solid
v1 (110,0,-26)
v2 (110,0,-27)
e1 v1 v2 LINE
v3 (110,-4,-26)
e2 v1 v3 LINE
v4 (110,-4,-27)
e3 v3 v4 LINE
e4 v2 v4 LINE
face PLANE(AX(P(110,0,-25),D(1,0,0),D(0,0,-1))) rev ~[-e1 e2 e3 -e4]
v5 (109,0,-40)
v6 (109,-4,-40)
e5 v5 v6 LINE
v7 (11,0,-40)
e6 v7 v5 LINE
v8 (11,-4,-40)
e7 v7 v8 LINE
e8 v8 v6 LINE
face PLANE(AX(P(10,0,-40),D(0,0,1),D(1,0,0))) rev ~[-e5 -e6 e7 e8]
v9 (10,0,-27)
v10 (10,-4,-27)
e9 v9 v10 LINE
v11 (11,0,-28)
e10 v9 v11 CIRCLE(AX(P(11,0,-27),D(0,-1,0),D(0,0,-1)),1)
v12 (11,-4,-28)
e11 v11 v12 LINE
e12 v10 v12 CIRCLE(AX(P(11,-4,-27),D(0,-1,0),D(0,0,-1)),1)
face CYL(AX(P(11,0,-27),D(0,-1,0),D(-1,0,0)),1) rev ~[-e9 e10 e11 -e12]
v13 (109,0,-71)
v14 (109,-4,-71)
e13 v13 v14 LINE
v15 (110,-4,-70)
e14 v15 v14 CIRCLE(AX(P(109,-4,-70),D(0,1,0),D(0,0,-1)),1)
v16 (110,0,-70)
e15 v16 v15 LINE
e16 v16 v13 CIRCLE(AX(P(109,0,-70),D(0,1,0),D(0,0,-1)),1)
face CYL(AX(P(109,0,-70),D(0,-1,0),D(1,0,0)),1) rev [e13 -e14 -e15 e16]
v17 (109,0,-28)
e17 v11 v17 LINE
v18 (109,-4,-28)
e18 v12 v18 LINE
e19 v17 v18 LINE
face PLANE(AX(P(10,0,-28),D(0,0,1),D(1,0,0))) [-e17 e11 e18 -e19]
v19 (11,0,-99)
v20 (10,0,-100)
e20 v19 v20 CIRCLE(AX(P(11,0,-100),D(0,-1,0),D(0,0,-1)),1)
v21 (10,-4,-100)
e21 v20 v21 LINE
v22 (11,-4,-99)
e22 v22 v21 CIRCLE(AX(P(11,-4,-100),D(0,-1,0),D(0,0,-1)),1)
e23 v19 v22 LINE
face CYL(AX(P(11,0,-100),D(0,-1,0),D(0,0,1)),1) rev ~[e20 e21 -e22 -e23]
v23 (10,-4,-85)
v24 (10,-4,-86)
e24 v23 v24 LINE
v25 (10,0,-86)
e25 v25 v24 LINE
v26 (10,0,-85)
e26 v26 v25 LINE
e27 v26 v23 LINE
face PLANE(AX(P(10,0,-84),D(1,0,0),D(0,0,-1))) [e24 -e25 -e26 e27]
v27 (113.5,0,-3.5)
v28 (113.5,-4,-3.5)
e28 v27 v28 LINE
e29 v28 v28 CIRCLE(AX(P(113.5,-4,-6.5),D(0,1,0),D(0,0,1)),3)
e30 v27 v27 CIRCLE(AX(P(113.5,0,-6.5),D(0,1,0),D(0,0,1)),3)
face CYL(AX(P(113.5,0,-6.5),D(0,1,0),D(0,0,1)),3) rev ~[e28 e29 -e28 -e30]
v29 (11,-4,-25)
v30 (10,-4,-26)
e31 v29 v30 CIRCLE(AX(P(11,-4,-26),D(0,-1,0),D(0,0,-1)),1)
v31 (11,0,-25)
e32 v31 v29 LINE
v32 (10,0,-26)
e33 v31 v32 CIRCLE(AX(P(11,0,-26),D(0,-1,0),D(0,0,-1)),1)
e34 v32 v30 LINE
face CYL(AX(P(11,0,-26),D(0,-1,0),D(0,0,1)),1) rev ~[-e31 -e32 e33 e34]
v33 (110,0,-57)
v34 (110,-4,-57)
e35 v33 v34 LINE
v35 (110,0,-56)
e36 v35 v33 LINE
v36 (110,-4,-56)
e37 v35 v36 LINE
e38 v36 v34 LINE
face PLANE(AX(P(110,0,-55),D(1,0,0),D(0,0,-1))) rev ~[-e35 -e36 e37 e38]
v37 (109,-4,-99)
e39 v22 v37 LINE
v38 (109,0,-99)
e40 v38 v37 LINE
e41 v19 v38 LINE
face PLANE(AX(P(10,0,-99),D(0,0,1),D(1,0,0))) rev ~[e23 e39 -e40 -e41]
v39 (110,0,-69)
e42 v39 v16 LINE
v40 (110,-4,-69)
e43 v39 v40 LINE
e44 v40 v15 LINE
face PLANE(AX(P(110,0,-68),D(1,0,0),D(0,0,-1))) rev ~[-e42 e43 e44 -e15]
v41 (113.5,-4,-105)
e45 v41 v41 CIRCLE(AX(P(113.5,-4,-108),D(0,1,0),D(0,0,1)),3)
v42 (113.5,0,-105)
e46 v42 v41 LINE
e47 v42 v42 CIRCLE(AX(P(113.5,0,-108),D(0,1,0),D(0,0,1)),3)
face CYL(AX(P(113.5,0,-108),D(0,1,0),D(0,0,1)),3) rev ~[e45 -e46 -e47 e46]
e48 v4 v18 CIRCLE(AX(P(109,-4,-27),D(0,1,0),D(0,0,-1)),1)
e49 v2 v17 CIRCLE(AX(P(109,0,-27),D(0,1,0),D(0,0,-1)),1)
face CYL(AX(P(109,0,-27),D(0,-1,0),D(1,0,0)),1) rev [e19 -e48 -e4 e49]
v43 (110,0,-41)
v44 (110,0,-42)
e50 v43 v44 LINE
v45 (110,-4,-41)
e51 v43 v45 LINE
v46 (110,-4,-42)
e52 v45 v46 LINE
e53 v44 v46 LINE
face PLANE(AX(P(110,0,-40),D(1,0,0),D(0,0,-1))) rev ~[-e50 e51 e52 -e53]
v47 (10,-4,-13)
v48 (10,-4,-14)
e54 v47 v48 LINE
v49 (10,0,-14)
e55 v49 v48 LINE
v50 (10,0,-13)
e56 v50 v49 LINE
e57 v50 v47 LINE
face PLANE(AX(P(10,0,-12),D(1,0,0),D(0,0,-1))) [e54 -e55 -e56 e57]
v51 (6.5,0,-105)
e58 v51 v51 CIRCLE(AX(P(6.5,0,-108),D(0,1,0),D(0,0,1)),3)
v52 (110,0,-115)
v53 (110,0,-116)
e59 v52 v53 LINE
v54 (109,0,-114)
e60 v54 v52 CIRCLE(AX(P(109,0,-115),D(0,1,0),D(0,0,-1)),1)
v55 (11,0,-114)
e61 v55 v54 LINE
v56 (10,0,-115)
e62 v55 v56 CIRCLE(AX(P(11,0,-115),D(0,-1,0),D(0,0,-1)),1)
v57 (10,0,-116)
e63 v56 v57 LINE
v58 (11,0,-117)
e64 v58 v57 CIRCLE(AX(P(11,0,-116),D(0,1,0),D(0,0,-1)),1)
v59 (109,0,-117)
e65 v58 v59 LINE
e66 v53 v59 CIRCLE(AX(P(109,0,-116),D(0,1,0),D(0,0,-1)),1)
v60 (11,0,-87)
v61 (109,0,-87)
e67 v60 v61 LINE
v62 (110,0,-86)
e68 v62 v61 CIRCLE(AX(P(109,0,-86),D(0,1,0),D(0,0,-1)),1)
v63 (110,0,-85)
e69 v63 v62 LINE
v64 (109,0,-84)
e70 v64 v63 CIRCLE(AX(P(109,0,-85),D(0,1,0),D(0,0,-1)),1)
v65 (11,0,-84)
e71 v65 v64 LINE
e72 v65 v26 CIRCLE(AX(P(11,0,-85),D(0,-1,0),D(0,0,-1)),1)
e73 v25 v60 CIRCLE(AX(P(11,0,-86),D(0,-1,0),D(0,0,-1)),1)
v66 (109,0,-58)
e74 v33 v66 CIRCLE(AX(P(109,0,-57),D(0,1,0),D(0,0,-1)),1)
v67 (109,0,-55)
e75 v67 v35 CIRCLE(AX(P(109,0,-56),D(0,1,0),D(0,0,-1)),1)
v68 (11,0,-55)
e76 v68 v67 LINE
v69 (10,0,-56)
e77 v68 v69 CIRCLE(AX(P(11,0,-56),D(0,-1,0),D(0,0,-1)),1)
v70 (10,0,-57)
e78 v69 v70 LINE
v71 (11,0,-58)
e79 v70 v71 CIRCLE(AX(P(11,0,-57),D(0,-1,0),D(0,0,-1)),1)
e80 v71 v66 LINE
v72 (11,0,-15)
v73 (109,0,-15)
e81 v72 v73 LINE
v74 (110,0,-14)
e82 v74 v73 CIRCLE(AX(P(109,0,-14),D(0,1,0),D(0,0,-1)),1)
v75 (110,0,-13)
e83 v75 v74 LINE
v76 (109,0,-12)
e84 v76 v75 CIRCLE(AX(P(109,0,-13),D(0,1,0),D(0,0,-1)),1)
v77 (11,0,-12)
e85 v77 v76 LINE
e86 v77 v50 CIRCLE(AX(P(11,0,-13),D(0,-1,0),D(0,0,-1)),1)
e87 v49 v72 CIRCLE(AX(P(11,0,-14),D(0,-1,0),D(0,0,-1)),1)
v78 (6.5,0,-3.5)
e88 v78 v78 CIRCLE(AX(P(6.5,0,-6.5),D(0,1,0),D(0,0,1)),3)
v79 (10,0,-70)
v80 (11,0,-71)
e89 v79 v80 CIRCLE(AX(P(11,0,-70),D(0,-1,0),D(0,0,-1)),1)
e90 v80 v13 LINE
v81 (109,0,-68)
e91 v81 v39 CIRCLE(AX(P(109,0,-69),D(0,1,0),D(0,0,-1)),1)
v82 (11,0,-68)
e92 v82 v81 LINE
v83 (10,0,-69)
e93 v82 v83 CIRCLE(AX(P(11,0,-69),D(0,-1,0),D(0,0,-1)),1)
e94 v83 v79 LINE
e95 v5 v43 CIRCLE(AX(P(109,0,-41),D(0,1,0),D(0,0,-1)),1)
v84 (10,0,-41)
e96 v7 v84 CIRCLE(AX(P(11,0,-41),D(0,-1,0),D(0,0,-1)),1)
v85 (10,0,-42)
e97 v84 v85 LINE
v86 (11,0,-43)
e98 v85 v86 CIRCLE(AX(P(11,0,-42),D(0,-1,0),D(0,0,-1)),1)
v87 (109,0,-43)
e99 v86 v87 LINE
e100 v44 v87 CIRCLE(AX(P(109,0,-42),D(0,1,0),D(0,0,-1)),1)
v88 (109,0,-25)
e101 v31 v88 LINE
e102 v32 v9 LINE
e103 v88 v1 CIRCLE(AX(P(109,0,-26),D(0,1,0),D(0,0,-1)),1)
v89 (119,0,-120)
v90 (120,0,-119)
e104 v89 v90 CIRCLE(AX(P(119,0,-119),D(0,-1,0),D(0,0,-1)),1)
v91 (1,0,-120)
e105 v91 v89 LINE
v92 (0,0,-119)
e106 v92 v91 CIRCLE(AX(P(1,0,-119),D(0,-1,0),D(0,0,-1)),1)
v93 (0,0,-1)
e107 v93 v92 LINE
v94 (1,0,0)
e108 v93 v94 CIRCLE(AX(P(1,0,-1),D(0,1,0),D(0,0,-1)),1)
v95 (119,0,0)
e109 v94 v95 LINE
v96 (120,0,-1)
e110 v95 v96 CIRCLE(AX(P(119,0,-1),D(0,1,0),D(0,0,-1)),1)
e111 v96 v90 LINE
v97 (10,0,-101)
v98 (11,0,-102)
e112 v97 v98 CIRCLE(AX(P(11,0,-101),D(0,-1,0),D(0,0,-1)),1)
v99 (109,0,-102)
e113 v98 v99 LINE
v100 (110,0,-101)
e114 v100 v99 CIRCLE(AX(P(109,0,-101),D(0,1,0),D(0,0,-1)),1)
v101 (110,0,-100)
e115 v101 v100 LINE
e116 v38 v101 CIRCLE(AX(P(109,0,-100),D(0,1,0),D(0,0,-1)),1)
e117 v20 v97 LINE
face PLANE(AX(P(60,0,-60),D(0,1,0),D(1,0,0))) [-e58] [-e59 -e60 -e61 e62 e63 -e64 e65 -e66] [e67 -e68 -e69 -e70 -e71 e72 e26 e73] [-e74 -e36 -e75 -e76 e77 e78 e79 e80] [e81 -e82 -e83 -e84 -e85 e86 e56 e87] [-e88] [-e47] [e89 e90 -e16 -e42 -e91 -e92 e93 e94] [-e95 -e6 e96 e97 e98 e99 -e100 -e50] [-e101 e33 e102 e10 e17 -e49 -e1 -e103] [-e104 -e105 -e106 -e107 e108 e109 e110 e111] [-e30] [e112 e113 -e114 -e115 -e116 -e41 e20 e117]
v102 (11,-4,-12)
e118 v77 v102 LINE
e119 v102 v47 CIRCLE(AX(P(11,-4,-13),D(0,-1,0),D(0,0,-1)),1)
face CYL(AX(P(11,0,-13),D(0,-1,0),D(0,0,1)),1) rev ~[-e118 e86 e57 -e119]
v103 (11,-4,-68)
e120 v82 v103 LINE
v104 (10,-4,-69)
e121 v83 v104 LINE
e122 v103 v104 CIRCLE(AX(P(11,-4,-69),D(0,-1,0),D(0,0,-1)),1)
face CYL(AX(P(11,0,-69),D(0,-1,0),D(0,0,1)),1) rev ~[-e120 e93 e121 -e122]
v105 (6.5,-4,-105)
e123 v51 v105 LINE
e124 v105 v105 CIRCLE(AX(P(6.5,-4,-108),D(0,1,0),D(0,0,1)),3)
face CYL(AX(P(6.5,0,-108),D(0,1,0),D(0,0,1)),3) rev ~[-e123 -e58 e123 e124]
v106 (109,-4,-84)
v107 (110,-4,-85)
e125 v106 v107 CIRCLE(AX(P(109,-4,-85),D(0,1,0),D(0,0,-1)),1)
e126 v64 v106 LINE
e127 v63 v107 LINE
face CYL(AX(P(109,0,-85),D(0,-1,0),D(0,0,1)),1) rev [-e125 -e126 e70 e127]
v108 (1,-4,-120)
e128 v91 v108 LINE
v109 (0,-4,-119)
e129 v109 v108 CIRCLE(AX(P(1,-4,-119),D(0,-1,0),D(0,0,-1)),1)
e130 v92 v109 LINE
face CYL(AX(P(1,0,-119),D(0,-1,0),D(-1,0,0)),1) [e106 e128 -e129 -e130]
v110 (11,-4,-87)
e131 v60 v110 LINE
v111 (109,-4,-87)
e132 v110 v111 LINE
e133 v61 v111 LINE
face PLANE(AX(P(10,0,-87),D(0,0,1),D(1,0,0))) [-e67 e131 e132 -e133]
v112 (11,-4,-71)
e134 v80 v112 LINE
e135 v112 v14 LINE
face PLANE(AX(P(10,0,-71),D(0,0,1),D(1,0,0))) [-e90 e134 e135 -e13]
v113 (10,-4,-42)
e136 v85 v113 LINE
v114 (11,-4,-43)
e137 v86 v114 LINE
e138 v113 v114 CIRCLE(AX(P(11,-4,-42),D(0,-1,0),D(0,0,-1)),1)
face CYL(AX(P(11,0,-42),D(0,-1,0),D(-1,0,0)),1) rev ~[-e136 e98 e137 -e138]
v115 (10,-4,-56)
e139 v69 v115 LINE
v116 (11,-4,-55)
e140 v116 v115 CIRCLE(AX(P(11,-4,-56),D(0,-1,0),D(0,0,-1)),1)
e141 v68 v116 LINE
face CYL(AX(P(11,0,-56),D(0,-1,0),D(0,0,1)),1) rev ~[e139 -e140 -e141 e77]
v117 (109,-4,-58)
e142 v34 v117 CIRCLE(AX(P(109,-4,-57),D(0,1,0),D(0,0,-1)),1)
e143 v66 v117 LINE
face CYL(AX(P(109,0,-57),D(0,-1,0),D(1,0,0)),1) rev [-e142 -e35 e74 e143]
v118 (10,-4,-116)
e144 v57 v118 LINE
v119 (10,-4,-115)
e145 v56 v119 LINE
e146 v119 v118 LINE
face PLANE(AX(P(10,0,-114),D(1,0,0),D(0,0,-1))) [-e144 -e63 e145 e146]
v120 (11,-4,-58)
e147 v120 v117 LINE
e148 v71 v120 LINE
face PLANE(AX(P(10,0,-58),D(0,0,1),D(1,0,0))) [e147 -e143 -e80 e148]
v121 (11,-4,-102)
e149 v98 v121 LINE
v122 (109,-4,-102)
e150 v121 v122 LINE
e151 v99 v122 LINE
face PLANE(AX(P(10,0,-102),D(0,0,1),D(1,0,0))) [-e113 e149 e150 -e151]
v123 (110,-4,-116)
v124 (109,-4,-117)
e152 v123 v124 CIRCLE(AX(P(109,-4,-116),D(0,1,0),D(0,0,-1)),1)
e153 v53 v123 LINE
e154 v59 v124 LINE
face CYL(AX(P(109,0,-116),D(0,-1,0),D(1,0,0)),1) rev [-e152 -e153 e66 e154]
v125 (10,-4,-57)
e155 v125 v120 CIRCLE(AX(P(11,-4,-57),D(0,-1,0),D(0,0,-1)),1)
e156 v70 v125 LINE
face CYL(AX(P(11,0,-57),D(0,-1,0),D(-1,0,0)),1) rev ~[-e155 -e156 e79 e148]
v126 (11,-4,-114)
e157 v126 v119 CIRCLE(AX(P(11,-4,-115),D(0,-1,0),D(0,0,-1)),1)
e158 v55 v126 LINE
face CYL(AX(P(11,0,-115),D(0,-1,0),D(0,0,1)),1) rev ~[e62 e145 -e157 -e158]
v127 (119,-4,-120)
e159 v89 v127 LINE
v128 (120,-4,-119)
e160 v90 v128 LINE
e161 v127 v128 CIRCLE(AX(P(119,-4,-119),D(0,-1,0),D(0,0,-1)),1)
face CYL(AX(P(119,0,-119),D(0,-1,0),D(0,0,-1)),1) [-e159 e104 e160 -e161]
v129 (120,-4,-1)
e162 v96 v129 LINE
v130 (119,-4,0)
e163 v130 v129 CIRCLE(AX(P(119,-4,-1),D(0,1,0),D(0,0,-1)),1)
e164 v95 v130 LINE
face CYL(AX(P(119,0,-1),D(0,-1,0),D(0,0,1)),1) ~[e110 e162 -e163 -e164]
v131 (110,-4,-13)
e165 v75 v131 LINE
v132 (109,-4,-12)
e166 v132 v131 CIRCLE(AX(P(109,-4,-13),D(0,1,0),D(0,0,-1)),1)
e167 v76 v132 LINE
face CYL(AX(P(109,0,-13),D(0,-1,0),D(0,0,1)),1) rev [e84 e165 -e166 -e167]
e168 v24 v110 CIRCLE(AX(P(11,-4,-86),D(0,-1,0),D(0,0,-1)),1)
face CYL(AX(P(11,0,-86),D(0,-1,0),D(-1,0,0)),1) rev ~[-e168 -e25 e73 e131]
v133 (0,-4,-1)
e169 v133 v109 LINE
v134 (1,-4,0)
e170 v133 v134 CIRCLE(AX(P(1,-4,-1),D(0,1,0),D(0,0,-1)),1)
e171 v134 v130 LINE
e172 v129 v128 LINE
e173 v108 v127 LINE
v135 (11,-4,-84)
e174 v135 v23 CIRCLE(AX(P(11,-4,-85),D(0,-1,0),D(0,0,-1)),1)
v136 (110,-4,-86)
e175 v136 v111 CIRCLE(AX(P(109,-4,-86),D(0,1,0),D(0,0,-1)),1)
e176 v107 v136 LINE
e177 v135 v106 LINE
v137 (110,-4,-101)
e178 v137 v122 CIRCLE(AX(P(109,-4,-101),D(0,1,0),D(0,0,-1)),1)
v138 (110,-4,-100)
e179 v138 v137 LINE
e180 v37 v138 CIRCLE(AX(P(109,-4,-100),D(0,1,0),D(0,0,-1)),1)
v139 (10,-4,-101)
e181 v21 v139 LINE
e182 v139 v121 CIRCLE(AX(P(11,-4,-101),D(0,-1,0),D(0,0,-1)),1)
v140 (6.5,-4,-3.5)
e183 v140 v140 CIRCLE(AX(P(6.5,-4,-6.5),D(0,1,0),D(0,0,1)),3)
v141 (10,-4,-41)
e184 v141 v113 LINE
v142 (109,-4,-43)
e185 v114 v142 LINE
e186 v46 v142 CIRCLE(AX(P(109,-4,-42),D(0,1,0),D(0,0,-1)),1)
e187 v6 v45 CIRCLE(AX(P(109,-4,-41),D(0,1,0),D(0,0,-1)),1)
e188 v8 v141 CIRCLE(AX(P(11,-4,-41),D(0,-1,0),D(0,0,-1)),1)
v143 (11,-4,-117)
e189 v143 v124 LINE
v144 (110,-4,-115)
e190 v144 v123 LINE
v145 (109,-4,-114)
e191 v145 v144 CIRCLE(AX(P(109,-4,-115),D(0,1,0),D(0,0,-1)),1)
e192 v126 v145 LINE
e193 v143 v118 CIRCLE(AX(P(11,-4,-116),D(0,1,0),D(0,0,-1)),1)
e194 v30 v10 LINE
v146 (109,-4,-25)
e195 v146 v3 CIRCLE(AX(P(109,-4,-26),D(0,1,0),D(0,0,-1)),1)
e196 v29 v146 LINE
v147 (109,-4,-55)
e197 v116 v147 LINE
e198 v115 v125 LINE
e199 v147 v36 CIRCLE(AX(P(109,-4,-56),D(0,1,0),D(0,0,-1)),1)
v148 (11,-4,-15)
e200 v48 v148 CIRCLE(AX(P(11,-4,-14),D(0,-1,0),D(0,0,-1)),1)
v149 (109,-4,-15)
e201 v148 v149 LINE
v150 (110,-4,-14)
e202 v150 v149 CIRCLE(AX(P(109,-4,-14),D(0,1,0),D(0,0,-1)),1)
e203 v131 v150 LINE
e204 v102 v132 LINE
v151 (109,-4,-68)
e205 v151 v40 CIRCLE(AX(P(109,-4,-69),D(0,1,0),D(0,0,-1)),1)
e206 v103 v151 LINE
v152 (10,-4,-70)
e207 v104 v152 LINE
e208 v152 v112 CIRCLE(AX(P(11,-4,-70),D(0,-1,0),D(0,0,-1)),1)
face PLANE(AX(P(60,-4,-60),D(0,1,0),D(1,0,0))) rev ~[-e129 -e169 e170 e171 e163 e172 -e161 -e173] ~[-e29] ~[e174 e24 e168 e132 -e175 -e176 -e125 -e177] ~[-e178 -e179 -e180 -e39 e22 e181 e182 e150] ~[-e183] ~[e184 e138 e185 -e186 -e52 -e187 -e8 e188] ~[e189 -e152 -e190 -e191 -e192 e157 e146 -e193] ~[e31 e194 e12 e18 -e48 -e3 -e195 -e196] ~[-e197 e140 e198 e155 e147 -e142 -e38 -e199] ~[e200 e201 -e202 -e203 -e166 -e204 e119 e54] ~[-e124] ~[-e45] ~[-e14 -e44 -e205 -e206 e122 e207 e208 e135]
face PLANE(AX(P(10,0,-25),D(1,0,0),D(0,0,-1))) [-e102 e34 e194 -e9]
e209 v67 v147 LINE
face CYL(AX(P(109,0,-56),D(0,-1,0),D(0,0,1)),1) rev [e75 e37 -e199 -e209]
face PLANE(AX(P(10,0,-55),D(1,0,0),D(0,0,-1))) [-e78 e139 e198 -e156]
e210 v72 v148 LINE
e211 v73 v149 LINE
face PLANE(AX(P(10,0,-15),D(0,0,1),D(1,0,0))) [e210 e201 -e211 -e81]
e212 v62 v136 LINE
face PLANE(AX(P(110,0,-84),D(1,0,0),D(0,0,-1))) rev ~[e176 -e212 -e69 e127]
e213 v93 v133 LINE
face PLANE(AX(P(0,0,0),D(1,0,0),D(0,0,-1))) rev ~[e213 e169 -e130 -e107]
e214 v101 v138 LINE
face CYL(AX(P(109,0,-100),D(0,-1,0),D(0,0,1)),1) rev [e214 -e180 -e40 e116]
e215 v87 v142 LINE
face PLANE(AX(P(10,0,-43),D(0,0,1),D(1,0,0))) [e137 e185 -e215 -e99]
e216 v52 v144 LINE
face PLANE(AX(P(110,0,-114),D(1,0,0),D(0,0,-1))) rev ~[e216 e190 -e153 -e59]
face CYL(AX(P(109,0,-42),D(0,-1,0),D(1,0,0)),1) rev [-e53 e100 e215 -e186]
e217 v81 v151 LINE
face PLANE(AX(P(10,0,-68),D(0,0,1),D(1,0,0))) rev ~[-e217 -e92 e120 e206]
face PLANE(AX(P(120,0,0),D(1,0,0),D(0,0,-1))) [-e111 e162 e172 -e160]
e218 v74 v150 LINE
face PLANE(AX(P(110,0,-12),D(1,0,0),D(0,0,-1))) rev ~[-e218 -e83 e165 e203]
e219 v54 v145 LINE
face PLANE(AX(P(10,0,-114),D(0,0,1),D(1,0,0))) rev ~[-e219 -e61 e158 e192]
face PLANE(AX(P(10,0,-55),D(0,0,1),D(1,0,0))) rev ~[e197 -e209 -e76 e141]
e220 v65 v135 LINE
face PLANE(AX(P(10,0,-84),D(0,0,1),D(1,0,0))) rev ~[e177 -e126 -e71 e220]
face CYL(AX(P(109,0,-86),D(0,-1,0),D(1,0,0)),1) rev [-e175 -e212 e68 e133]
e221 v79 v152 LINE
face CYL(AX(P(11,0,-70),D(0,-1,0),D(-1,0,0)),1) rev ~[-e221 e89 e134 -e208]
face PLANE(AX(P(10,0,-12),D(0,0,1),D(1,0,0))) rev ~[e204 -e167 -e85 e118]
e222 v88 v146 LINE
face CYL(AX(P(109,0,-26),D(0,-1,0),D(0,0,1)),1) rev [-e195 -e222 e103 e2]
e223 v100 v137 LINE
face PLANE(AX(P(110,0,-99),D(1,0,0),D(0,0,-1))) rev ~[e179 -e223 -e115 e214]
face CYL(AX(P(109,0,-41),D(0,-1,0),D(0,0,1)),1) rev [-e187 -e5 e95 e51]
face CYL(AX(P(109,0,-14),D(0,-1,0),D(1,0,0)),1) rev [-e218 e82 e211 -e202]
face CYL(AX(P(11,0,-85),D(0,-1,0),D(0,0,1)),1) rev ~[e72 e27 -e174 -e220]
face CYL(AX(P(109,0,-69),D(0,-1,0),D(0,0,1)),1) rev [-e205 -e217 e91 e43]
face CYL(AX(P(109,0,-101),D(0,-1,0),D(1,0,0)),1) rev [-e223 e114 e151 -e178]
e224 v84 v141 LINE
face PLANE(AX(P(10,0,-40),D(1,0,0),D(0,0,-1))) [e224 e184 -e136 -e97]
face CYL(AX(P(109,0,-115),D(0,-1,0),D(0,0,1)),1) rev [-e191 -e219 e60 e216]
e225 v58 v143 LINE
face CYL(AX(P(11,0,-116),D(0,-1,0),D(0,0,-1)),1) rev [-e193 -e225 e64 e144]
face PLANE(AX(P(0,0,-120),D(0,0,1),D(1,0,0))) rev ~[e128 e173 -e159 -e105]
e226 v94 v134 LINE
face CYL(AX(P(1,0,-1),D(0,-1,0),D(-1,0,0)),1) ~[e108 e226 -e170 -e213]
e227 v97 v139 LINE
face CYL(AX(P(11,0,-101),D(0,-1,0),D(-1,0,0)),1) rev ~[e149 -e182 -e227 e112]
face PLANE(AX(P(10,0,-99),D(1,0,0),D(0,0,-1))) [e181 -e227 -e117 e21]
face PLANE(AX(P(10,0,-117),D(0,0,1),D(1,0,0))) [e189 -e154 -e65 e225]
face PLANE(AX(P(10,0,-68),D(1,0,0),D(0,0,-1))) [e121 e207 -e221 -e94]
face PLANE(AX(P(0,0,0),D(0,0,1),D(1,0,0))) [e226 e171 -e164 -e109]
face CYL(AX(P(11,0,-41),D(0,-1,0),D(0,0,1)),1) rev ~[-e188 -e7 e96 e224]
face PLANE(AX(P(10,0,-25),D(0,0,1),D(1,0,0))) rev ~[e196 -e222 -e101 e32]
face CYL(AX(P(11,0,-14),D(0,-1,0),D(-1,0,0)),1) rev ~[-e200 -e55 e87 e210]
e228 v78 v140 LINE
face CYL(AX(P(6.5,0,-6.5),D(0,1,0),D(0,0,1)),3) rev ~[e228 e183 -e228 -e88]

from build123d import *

# Parameters (mm, degrees)
SKETCH1_W           = 120
SKETCH1_H           = 120
SKETCH1_R           = 3
SKETCH1_W_2         = 100
SKETCH1_H_2         = 3
BOSS_EXTRUDE1_DEPTH = 4
FILLET1_R           = 1
FILLET2_R           = 1


with BuildPart() as part:
    # Sketch1 → Boss-Extrude1 (new body)
    with BuildSketch(Plane(origin=(0, 0, 0), x_dir=(1, 0, 0), z_dir=(0, 1, 0))):
        with Locations((60, 60)):
            Rectangle(SKETCH1_W, SKETCH1_H)
        with Locations(Location((113.5, 6.5, 0), (0, 0, 270))):
            Circle(SKETCH1_R, mode=Mode.SUBTRACT)
        with Locations(Location((6.5, 6.5, 0), (0, 0, 270))):
            Circle(SKETCH1_R, mode=Mode.SUBTRACT)
        with Locations(Location((113.5, 108, 0), (0, 0, 270))):
            Circle(SKETCH1_R, mode=Mode.SUBTRACT)
        with Locations(Location((6.5, 108, 0), (0, 0, 270))):
            Circle(SKETCH1_R, mode=Mode.SUBTRACT)
        with Locations((60, 13.5)):
            Rectangle(SKETCH1_W_2, SKETCH1_H_2, mode=Mode.SUBTRACT)
        with Locations((60, 69.5)):
            Rectangle(SKETCH1_W_2, SKETCH1_H_2, mode=Mode.SUBTRACT)
        with Locations((60, 26.5)):
            Rectangle(SKETCH1_W_2, SKETCH1_H_2, mode=Mode.SUBTRACT)
        with Locations((60, 41.5)):
            Rectangle(SKETCH1_W_2, SKETCH1_H_2, mode=Mode.SUBTRACT)
        with Locations((60, 56.5)):
            Rectangle(SKETCH1_W_2, SKETCH1_H_2, mode=Mode.SUBTRACT)
        with Locations((60, 85.5)):
            Rectangle(SKETCH1_W_2, SKETCH1_H_2, mode=Mode.SUBTRACT)
        with Locations((60, 100.5)):
            Rectangle(SKETCH1_W_2, SKETCH1_H_2, mode=Mode.SUBTRACT)
        with Locations((60, 115.5)):
            Rectangle(SKETCH1_W_2, SKETCH1_H_2, mode=Mode.SUBTRACT)
    extrude(amount=-BOSS_EXTRUDE1_DEPTH)

    # Fillet1
    fillet1_edges = [part.edges().sort_by_distance(p)[0] for p in [
        (110, -2, -15),
        (10, -2, -15),
        (10, -2, -12),
        (110, -2, -12),
        (110, -2, -28),
        (10, -2, -28),
        (10, -2, -25),
        (110, -2, -25),
        (110, -2, -43),
        (10, -2, -43),
        (10, -2, -40),
        (110, -2, -40),
        (110, -2, -58),
        (10, -2, -58),
        (10, -2, -55),
        (110, -2, -55),
        (110, -2, -71),
        (10, -2, -71),
        (10, -2, -68),
        (110, -2, -68),
        (110, -2, -87),
        (10, -2, -87),
        (10, -2, -84),
        (110, -2, -84),
        (110, -2, -102),
        (10, -2, -102),
        (10, -2, -99),
        (110, -2, -99),
        (110, -2, -117),
        (10, -2, -117),
        (10, -2, -114),
        (110, -2, -114),
    ]]
    fillet(fillet1_edges, radius=FILLET1_R)

    # Fillet2
    fillet2_edges = [part.edges().sort_by_distance(p)[0] for p in [
        (0, -2, 0),
        (0, -2, -120),
        (120, -2, -120),
        (120, -2, 0),
    ]]
    fillet(fillet2_edges, radius=FILLET2_R)


solid = part.part
